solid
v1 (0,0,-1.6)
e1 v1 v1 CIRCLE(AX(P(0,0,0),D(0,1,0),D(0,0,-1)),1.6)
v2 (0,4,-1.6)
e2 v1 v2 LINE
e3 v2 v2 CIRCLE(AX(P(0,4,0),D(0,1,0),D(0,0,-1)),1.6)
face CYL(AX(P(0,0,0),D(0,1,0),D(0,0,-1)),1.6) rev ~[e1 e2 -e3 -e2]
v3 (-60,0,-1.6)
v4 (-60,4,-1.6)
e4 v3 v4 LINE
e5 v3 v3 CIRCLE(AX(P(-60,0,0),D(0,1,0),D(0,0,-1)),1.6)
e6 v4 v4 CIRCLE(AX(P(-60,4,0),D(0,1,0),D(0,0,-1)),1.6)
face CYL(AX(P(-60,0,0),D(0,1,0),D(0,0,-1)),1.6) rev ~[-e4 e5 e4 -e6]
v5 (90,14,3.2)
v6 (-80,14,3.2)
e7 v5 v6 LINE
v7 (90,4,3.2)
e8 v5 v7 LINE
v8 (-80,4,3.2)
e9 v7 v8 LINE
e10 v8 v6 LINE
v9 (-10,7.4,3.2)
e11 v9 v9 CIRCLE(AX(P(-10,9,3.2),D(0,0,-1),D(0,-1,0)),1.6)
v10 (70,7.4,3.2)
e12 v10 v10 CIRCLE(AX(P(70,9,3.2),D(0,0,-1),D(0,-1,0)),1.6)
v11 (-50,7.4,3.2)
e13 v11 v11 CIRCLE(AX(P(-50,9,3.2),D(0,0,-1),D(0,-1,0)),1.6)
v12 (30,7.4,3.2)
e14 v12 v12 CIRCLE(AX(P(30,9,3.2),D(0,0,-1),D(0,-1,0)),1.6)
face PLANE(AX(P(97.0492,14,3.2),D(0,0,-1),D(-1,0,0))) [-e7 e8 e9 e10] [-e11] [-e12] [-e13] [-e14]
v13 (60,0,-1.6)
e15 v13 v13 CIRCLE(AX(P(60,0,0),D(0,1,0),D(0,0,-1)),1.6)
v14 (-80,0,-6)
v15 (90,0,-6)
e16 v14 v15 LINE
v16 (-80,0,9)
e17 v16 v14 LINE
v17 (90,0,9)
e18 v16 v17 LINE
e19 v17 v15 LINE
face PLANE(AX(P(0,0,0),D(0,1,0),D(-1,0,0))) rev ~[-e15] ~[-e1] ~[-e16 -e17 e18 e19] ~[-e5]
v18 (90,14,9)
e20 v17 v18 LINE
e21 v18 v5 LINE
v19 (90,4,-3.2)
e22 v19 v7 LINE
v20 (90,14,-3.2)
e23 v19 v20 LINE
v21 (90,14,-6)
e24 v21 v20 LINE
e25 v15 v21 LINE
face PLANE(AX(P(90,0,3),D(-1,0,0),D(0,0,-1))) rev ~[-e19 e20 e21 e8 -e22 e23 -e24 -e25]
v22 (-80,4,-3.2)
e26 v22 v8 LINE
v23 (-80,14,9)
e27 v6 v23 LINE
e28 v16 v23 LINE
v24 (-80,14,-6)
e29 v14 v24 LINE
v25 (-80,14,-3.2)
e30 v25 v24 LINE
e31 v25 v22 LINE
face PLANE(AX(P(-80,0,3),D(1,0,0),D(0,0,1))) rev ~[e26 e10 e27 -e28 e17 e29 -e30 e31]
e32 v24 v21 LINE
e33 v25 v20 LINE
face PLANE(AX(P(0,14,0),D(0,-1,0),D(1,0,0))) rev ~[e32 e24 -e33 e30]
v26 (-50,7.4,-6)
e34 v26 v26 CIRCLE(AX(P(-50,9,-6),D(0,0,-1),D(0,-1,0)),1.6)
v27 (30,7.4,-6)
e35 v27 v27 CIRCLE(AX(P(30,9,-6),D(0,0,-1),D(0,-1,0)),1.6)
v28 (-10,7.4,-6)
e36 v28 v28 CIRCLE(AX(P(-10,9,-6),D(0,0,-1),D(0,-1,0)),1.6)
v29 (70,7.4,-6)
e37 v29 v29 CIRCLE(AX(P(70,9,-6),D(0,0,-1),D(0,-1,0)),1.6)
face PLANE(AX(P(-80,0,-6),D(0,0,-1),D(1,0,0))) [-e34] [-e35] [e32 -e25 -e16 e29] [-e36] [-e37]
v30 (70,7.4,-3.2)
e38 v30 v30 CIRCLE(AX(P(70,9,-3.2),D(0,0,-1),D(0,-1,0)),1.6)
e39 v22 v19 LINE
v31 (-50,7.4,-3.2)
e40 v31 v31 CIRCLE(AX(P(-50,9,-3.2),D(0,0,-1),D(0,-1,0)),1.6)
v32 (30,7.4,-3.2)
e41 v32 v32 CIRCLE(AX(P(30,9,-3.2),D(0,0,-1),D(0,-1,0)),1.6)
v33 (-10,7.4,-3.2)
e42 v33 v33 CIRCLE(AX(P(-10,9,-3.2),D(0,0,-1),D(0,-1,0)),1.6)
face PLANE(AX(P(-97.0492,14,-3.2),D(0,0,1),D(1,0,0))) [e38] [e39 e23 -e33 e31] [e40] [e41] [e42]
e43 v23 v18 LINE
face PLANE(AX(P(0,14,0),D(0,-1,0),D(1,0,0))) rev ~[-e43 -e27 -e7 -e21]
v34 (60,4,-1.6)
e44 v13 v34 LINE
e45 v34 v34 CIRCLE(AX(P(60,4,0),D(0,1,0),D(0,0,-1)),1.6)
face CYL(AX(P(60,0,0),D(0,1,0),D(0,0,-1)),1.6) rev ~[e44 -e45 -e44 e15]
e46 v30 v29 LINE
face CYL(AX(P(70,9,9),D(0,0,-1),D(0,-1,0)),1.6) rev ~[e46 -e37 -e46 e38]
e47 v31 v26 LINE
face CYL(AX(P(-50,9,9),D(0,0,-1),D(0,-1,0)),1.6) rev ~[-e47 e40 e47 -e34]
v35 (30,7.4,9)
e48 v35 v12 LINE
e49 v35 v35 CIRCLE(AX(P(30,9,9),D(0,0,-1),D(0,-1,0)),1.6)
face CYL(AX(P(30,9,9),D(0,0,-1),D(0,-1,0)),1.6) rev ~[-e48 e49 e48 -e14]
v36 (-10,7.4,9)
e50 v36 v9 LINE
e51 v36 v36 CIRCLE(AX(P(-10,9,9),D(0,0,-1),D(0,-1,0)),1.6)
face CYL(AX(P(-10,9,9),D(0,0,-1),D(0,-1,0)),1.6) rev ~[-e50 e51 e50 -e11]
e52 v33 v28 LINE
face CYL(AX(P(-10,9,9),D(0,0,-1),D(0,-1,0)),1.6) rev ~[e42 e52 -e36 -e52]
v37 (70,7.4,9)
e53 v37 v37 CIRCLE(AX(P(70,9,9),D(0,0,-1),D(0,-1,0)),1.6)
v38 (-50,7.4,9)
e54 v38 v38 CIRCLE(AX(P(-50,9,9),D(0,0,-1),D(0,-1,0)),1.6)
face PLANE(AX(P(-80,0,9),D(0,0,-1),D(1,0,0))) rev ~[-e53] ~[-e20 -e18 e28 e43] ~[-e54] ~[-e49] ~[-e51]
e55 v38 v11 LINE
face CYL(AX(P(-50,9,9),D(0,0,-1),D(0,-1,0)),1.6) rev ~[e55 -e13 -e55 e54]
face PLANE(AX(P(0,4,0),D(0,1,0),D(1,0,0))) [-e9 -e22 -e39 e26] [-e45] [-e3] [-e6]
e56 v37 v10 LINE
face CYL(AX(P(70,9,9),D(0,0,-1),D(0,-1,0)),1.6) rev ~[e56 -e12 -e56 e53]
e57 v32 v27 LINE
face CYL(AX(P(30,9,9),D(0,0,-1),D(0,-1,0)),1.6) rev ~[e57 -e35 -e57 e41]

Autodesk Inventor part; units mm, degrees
ref_plane "YZ Plane" through (0, 0, 0) normal (1, 0, 0) x (0, 1, 0)
ref_plane "XZ Plane" through (0, 0, 0) normal (0, 1, 0) x (-1, 0, 0)
ref_plane "XY Plane" through (0, 0, 0) normal (0, 0, 1) x (1, 0, 0)
sketch "スケッチ1" plane through (0, 0, 0) normal (0, 1, 0) x (-1, 0, 0)
  line L0 (-90, -3) -> (90, -3)
  line L1 (90, -3) -> (90, 3)
  line L2 (90, 3) -> (-90, 3)
  line L3 (-90, 3) -> (-90, -3)
  line L4 (-90, -3) -> (90, 3) construction
  line L5 (90, -3) -> (-90, 3) construction
  point P0 (0, 0)
  dimension "d0" = 180
  dimension "d1" = 6
extrude "押し出し1" add sketch "スケッチ1" along normal blind 17
sketch "スケッチ2" plane through (0, 0, 0) normal (0, -1, 0) x (1, 0, 0)
  line L0 (-90, 3) -> (90, 3) projected
  line L1 (90, 3) -> (-80, 3)
  line L2 (-80, 3) -> (-80, 9)
  line L3 (-80, 9) -> (90, 9)
  line L4 (90, 9) -> (90, 3)
  line L5 (90, 3) -> (90, -3) projected
  line L6 (90, -3) -> (-80, -3)
  line L7 (-80, -3) -> (-80, -6)
  line L8 (-80, -6) -> (90, -6)
  line L9 (90, -6) -> (90, -3)
  point P0 (0, 0)
  dimension "d4" = 170
  dimension "d5" = 6
  dimension "d6" = 170
  dimension "d7" = 3
extrude "押し出し2" add sketch "スケッチ2" against normal blind 14
sketch "スケッチ3" plane through (0, 17, 0) normal (0, 1, 0) x (1, 0, 0)
  line L0 (-90, 3) -> (-90, -3) projected
  line L1 (90, -3) -> (90, 3) projected
  line L2 (-90, 3) -> (90, 3)
  line L3 (90, 3) -> (90, -3)
  line L4 (90, -3) -> (-90, -3)
  line L5 (-90, -3) -> (-90, 3)
  point P0 (0, 0)
extrude "押し出し3" cut sketch "スケッチ3" against normal blind 13
sketch "スケッチ4" plane through (0, 4, 0) normal (0, 1, 0) x (1, 0, 0)
  line L0 (-90, -3) -> (-90, 3) projected
  line L1 (-80, 6) -> (-80, 3) projected
  line L2 (-90, -3) -> (-80, -3)
  line L3 (-80, -3) -> (-80, 3)
  line L4 (-80, 3) -> (-90, 3)
  line L5 (-90, 3) -> (-90, -3)
  point P0 (0, 0)
extrude "押し出し4" cut sketch "スケッチ4" against normal blind 13
sketch "スケッチ5" plane through (0, 14, 0) normal (0, 1, 0) x (1, 0, 0)
  line L0 (97.0492, -3.2) -> (-97.0492, -3.2)
  line L1 (-97.0492, -3.2) -> (-97.0492, 3.2)
  line L2 (-97.0492, 3.2) -> (97.0492, 3.2)
  line L3 (97.0492, 3.2) -> (97.0492, -3.2)
  line L4 (97.0492, -3.2) -> (-97.0492, 3.2) construction
  line L5 (-97.0492, -3.2) -> (97.0492, 3.2) construction
  point P0 (0, 0)
  dimension "d14" = 6.4
extrude "押し出し5" cut sketch "スケッチ5" against normal blind 10
sketch "スケッチ6" plane through (-80, 0, 9) normal (0, 0, 1) x (1, 0, 0)
  line L0 (0, 14) -> (170, 14) projected
  line L1 (170, 0) -> (170, 14) projected
  point P0 (80, 0)
  point P1 (150, 9)
  point P2 (110, 9)
  point P3 (70, 9)
  point P4 (30, 9)
  dimension "d17" = 5
  dimension "d18" = 20
  dimension "d19" = 40
  dimension "d20" = 5
  dimension "d21" = 40
  dimension "d22" = 40
hole "穴1" at (70, 9, 9) at (30, 9, 9) at (-10, 9, 9) at (-50, 9, 9) direction (0, 0, -1) diameter 3.2 end through all
sketch "スケッチ7" plane through (0, 0, 0) normal (0, -1, 0) x (1, 0, 0)
  line L0 (-80, -6) -> (90, -6) projected
  line L1 (90, -6) -> (90, 9) projected
  line L2 (-80, -3.2) -> (90, -3.2) projected
  point P0 (0, 0)
  point P1 (60, 0)
  point P2 (0, 0)
  point P3 (-60, 0)
  dimension "d30" = 6
  dimension "d31" = 30
  dimension "d32" = 60
hole "穴2" at (60, 0, 0) at (0, 0, 0) at (-60, 0, 0) direction (0, 1, 0) diameter 3.2 end through all
properties part number "lock1"
